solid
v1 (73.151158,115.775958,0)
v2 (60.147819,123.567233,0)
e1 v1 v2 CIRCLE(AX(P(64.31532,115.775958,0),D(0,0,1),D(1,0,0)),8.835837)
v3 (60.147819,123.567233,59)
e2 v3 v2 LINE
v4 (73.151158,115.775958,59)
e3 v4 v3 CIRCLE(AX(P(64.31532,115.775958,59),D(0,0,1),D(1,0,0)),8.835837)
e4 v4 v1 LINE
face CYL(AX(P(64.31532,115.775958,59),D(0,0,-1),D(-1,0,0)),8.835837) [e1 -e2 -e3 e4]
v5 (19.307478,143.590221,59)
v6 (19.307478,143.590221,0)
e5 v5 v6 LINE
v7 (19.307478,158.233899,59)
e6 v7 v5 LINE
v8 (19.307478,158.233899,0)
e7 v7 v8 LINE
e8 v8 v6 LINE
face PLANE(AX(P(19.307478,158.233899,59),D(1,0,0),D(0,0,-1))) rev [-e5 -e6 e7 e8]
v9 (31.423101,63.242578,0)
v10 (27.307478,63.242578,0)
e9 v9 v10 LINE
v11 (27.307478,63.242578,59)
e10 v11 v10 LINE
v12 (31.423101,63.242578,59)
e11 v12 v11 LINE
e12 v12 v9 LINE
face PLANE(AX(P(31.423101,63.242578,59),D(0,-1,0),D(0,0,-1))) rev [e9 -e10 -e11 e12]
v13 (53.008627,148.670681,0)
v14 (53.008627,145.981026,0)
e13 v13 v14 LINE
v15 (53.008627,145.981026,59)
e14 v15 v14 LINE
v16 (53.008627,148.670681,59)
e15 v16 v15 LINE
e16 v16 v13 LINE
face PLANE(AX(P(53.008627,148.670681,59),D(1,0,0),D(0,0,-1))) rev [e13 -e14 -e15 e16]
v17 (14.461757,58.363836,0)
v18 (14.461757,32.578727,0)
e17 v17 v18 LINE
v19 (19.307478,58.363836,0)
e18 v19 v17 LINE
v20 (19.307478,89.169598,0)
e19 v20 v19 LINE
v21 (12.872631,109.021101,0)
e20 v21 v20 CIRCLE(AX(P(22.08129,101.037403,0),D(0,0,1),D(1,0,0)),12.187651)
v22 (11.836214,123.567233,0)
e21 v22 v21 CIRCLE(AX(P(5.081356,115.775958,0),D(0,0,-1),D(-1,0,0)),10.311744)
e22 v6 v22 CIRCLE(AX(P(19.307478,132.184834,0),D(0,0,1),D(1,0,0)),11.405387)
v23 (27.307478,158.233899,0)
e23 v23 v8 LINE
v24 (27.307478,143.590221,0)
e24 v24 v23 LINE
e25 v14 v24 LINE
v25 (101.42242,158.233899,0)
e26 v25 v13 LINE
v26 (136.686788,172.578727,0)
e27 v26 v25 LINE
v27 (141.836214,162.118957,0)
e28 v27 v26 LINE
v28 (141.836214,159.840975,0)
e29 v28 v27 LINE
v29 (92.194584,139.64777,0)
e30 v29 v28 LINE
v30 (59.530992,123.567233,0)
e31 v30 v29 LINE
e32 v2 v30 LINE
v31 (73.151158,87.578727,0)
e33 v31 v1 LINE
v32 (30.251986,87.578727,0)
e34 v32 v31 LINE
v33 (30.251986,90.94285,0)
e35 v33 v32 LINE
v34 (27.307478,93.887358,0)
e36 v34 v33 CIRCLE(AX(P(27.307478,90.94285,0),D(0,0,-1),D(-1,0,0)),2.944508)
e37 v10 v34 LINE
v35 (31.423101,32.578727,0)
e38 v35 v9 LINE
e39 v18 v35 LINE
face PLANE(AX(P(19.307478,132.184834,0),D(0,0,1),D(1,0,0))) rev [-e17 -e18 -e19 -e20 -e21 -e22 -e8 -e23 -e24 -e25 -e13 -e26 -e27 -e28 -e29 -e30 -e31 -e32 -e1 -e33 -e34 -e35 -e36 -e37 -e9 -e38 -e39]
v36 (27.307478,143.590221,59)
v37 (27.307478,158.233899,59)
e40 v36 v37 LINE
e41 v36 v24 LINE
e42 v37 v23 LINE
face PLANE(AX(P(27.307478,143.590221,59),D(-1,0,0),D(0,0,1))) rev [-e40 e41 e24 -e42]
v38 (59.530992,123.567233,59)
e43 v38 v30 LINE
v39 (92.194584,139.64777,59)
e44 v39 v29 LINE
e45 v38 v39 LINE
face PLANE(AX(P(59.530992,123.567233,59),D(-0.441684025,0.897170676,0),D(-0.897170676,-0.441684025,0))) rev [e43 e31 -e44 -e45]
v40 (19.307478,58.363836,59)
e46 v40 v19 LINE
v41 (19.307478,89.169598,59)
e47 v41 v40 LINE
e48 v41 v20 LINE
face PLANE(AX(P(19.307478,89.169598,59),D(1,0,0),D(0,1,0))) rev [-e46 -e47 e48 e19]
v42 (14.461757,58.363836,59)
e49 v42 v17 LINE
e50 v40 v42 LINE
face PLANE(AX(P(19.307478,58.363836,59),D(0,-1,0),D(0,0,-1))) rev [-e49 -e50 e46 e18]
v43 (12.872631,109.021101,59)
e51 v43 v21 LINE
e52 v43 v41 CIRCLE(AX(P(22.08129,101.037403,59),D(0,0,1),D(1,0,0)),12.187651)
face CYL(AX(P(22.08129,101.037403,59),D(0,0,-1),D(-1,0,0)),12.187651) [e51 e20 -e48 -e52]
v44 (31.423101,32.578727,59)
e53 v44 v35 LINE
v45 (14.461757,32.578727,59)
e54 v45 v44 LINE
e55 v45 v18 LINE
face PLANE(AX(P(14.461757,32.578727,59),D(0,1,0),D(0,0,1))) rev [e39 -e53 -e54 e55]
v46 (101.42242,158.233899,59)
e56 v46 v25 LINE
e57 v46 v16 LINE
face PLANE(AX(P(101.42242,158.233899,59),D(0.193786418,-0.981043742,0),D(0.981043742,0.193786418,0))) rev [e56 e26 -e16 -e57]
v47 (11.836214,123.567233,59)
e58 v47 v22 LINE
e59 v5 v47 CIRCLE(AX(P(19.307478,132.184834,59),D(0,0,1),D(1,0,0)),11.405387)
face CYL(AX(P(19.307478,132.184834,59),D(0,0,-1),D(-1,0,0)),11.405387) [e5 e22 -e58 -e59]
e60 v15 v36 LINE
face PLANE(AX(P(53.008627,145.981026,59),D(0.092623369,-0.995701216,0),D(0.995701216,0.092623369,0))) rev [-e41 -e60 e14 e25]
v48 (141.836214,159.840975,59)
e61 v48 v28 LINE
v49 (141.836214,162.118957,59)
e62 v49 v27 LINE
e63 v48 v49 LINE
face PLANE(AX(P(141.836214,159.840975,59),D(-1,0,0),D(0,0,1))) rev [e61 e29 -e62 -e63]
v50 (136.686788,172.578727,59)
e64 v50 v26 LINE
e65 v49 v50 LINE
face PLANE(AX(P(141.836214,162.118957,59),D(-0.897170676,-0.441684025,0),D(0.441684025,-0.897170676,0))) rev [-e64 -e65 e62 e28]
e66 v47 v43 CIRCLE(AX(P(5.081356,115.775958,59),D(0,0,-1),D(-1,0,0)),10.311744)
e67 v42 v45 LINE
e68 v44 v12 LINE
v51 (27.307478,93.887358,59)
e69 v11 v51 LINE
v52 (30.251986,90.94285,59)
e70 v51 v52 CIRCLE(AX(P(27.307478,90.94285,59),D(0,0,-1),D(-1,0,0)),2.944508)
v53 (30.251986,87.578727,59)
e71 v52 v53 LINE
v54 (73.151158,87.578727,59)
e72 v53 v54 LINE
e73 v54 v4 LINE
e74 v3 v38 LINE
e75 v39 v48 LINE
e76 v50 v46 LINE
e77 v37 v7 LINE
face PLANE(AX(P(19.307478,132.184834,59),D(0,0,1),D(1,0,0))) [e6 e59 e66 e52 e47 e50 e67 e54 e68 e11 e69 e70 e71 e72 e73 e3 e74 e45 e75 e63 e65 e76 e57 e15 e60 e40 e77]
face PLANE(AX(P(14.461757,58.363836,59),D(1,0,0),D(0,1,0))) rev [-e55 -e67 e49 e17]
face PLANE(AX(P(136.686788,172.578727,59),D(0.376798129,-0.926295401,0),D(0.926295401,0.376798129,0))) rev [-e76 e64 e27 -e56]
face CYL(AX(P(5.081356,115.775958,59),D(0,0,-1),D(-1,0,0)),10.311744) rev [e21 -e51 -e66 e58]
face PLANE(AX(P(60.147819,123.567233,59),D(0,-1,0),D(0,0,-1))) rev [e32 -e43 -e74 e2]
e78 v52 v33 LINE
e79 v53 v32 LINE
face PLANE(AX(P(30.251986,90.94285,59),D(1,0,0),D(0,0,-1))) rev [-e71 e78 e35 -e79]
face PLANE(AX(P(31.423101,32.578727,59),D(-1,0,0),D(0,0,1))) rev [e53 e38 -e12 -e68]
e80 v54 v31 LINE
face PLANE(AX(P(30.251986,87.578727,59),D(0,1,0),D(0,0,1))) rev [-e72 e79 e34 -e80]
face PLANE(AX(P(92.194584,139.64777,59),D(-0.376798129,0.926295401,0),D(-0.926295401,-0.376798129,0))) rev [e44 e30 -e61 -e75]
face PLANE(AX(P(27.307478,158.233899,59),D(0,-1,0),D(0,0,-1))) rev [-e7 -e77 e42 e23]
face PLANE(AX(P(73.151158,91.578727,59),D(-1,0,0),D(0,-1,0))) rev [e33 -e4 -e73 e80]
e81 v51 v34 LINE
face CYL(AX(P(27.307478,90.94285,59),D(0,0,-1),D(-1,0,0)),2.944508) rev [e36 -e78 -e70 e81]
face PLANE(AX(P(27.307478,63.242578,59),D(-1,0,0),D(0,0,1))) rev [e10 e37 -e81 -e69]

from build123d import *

# Parameters (mm, degrees)
BOSS_EXTRUDE1_DEPTH = 59


with BuildPart() as part:
    # Sketch1 → Boss-Extrude1 (new body)
    with BuildSketch(Plane.XY):
        with BuildLine():
            Line((141.836213574, 162.11895664), (136.686788287, 172.578726755))
            Line((136.686788287, 172.578726755), (101.422420471, 158.233899169))
            Line((101.422420471, 158.233899169), (53.008627367, 148.670680778))
            Line((53.008627367, 148.670680778), (53.008627367, 145.981025606))
            Line((53.008627367, 145.981025606), (27.307477942, 143.590221008))
            Line((27.307477942, 143.590221008), (27.307477942, 158.233899169))
            Line((27.307477942, 158.233899169), (19.307477942, 158.233899169))
            Line((19.307477942, 158.233899169), (19.307477942, 143.590221008))
            ThreePointArc((19.307477942, 143.590221008), (8.621741422, 136.172049269), (11.836213574, 123.567232502))
            ThreePointArc((11.836213574, 123.567232502), (15.367024557, 116.508815615), (12.8726305, 109.02110078))
            ThreePointArc((12.8726305, 109.02110078), (10.487522097, 97.279293257), (19.307477942, 89.169597523))
            Line((19.307477942, 89.169597523), (19.307477942, 58.363836225))
            Line((19.307477942, 58.363836225), (14.461757095, 58.363836225))
            Line((14.461757095, 58.363836225), (14.461757095, 32.578726755))
            Line((14.461757095, 32.578726755), (31.423101088, 32.578726755))
            Line((31.423101088, 32.578726755), (31.423101088, 63.242577829))
            Line((31.423101088, 63.242577829), (27.307477942, 63.242577829))
            Line((27.307477942, 63.242577829), (27.307477942, 93.887357851))
            ThreePointArc((27.307477942, 93.887357851), (29.389559507, 93.024931429), (30.251985929, 90.942849864))
            Line((30.251985929, 90.942849864), (30.251985929, 87.578726755))
            Line((30.251985929, 87.578726755), (73.151157521, 87.578726755))
            Line((73.151157521, 87.578726755), (73.151157521, 91.578726755))
            Line((73.151157521, 91.578726755), (73.151157521, 115.775958178))
            ThreePointArc((73.151157521, 115.775958178), (68.856721822, 123.355383827), (60.147818832, 123.567232502))
            Line((60.147818832, 123.567232502), (59.530992057, 123.567232502))
            Line((59.530992057, 123.567232502), (92.194583693, 139.647769923))
            Line((92.194583693, 139.647769923), (141.836213574, 159.840975298))
            Line((141.836213574, 159.840975298), (141.836213574, 162.11895664))
        make_face()
    extrude(amount=BOSS_EXTRUDE1_DEPTH)


solid = part.part
